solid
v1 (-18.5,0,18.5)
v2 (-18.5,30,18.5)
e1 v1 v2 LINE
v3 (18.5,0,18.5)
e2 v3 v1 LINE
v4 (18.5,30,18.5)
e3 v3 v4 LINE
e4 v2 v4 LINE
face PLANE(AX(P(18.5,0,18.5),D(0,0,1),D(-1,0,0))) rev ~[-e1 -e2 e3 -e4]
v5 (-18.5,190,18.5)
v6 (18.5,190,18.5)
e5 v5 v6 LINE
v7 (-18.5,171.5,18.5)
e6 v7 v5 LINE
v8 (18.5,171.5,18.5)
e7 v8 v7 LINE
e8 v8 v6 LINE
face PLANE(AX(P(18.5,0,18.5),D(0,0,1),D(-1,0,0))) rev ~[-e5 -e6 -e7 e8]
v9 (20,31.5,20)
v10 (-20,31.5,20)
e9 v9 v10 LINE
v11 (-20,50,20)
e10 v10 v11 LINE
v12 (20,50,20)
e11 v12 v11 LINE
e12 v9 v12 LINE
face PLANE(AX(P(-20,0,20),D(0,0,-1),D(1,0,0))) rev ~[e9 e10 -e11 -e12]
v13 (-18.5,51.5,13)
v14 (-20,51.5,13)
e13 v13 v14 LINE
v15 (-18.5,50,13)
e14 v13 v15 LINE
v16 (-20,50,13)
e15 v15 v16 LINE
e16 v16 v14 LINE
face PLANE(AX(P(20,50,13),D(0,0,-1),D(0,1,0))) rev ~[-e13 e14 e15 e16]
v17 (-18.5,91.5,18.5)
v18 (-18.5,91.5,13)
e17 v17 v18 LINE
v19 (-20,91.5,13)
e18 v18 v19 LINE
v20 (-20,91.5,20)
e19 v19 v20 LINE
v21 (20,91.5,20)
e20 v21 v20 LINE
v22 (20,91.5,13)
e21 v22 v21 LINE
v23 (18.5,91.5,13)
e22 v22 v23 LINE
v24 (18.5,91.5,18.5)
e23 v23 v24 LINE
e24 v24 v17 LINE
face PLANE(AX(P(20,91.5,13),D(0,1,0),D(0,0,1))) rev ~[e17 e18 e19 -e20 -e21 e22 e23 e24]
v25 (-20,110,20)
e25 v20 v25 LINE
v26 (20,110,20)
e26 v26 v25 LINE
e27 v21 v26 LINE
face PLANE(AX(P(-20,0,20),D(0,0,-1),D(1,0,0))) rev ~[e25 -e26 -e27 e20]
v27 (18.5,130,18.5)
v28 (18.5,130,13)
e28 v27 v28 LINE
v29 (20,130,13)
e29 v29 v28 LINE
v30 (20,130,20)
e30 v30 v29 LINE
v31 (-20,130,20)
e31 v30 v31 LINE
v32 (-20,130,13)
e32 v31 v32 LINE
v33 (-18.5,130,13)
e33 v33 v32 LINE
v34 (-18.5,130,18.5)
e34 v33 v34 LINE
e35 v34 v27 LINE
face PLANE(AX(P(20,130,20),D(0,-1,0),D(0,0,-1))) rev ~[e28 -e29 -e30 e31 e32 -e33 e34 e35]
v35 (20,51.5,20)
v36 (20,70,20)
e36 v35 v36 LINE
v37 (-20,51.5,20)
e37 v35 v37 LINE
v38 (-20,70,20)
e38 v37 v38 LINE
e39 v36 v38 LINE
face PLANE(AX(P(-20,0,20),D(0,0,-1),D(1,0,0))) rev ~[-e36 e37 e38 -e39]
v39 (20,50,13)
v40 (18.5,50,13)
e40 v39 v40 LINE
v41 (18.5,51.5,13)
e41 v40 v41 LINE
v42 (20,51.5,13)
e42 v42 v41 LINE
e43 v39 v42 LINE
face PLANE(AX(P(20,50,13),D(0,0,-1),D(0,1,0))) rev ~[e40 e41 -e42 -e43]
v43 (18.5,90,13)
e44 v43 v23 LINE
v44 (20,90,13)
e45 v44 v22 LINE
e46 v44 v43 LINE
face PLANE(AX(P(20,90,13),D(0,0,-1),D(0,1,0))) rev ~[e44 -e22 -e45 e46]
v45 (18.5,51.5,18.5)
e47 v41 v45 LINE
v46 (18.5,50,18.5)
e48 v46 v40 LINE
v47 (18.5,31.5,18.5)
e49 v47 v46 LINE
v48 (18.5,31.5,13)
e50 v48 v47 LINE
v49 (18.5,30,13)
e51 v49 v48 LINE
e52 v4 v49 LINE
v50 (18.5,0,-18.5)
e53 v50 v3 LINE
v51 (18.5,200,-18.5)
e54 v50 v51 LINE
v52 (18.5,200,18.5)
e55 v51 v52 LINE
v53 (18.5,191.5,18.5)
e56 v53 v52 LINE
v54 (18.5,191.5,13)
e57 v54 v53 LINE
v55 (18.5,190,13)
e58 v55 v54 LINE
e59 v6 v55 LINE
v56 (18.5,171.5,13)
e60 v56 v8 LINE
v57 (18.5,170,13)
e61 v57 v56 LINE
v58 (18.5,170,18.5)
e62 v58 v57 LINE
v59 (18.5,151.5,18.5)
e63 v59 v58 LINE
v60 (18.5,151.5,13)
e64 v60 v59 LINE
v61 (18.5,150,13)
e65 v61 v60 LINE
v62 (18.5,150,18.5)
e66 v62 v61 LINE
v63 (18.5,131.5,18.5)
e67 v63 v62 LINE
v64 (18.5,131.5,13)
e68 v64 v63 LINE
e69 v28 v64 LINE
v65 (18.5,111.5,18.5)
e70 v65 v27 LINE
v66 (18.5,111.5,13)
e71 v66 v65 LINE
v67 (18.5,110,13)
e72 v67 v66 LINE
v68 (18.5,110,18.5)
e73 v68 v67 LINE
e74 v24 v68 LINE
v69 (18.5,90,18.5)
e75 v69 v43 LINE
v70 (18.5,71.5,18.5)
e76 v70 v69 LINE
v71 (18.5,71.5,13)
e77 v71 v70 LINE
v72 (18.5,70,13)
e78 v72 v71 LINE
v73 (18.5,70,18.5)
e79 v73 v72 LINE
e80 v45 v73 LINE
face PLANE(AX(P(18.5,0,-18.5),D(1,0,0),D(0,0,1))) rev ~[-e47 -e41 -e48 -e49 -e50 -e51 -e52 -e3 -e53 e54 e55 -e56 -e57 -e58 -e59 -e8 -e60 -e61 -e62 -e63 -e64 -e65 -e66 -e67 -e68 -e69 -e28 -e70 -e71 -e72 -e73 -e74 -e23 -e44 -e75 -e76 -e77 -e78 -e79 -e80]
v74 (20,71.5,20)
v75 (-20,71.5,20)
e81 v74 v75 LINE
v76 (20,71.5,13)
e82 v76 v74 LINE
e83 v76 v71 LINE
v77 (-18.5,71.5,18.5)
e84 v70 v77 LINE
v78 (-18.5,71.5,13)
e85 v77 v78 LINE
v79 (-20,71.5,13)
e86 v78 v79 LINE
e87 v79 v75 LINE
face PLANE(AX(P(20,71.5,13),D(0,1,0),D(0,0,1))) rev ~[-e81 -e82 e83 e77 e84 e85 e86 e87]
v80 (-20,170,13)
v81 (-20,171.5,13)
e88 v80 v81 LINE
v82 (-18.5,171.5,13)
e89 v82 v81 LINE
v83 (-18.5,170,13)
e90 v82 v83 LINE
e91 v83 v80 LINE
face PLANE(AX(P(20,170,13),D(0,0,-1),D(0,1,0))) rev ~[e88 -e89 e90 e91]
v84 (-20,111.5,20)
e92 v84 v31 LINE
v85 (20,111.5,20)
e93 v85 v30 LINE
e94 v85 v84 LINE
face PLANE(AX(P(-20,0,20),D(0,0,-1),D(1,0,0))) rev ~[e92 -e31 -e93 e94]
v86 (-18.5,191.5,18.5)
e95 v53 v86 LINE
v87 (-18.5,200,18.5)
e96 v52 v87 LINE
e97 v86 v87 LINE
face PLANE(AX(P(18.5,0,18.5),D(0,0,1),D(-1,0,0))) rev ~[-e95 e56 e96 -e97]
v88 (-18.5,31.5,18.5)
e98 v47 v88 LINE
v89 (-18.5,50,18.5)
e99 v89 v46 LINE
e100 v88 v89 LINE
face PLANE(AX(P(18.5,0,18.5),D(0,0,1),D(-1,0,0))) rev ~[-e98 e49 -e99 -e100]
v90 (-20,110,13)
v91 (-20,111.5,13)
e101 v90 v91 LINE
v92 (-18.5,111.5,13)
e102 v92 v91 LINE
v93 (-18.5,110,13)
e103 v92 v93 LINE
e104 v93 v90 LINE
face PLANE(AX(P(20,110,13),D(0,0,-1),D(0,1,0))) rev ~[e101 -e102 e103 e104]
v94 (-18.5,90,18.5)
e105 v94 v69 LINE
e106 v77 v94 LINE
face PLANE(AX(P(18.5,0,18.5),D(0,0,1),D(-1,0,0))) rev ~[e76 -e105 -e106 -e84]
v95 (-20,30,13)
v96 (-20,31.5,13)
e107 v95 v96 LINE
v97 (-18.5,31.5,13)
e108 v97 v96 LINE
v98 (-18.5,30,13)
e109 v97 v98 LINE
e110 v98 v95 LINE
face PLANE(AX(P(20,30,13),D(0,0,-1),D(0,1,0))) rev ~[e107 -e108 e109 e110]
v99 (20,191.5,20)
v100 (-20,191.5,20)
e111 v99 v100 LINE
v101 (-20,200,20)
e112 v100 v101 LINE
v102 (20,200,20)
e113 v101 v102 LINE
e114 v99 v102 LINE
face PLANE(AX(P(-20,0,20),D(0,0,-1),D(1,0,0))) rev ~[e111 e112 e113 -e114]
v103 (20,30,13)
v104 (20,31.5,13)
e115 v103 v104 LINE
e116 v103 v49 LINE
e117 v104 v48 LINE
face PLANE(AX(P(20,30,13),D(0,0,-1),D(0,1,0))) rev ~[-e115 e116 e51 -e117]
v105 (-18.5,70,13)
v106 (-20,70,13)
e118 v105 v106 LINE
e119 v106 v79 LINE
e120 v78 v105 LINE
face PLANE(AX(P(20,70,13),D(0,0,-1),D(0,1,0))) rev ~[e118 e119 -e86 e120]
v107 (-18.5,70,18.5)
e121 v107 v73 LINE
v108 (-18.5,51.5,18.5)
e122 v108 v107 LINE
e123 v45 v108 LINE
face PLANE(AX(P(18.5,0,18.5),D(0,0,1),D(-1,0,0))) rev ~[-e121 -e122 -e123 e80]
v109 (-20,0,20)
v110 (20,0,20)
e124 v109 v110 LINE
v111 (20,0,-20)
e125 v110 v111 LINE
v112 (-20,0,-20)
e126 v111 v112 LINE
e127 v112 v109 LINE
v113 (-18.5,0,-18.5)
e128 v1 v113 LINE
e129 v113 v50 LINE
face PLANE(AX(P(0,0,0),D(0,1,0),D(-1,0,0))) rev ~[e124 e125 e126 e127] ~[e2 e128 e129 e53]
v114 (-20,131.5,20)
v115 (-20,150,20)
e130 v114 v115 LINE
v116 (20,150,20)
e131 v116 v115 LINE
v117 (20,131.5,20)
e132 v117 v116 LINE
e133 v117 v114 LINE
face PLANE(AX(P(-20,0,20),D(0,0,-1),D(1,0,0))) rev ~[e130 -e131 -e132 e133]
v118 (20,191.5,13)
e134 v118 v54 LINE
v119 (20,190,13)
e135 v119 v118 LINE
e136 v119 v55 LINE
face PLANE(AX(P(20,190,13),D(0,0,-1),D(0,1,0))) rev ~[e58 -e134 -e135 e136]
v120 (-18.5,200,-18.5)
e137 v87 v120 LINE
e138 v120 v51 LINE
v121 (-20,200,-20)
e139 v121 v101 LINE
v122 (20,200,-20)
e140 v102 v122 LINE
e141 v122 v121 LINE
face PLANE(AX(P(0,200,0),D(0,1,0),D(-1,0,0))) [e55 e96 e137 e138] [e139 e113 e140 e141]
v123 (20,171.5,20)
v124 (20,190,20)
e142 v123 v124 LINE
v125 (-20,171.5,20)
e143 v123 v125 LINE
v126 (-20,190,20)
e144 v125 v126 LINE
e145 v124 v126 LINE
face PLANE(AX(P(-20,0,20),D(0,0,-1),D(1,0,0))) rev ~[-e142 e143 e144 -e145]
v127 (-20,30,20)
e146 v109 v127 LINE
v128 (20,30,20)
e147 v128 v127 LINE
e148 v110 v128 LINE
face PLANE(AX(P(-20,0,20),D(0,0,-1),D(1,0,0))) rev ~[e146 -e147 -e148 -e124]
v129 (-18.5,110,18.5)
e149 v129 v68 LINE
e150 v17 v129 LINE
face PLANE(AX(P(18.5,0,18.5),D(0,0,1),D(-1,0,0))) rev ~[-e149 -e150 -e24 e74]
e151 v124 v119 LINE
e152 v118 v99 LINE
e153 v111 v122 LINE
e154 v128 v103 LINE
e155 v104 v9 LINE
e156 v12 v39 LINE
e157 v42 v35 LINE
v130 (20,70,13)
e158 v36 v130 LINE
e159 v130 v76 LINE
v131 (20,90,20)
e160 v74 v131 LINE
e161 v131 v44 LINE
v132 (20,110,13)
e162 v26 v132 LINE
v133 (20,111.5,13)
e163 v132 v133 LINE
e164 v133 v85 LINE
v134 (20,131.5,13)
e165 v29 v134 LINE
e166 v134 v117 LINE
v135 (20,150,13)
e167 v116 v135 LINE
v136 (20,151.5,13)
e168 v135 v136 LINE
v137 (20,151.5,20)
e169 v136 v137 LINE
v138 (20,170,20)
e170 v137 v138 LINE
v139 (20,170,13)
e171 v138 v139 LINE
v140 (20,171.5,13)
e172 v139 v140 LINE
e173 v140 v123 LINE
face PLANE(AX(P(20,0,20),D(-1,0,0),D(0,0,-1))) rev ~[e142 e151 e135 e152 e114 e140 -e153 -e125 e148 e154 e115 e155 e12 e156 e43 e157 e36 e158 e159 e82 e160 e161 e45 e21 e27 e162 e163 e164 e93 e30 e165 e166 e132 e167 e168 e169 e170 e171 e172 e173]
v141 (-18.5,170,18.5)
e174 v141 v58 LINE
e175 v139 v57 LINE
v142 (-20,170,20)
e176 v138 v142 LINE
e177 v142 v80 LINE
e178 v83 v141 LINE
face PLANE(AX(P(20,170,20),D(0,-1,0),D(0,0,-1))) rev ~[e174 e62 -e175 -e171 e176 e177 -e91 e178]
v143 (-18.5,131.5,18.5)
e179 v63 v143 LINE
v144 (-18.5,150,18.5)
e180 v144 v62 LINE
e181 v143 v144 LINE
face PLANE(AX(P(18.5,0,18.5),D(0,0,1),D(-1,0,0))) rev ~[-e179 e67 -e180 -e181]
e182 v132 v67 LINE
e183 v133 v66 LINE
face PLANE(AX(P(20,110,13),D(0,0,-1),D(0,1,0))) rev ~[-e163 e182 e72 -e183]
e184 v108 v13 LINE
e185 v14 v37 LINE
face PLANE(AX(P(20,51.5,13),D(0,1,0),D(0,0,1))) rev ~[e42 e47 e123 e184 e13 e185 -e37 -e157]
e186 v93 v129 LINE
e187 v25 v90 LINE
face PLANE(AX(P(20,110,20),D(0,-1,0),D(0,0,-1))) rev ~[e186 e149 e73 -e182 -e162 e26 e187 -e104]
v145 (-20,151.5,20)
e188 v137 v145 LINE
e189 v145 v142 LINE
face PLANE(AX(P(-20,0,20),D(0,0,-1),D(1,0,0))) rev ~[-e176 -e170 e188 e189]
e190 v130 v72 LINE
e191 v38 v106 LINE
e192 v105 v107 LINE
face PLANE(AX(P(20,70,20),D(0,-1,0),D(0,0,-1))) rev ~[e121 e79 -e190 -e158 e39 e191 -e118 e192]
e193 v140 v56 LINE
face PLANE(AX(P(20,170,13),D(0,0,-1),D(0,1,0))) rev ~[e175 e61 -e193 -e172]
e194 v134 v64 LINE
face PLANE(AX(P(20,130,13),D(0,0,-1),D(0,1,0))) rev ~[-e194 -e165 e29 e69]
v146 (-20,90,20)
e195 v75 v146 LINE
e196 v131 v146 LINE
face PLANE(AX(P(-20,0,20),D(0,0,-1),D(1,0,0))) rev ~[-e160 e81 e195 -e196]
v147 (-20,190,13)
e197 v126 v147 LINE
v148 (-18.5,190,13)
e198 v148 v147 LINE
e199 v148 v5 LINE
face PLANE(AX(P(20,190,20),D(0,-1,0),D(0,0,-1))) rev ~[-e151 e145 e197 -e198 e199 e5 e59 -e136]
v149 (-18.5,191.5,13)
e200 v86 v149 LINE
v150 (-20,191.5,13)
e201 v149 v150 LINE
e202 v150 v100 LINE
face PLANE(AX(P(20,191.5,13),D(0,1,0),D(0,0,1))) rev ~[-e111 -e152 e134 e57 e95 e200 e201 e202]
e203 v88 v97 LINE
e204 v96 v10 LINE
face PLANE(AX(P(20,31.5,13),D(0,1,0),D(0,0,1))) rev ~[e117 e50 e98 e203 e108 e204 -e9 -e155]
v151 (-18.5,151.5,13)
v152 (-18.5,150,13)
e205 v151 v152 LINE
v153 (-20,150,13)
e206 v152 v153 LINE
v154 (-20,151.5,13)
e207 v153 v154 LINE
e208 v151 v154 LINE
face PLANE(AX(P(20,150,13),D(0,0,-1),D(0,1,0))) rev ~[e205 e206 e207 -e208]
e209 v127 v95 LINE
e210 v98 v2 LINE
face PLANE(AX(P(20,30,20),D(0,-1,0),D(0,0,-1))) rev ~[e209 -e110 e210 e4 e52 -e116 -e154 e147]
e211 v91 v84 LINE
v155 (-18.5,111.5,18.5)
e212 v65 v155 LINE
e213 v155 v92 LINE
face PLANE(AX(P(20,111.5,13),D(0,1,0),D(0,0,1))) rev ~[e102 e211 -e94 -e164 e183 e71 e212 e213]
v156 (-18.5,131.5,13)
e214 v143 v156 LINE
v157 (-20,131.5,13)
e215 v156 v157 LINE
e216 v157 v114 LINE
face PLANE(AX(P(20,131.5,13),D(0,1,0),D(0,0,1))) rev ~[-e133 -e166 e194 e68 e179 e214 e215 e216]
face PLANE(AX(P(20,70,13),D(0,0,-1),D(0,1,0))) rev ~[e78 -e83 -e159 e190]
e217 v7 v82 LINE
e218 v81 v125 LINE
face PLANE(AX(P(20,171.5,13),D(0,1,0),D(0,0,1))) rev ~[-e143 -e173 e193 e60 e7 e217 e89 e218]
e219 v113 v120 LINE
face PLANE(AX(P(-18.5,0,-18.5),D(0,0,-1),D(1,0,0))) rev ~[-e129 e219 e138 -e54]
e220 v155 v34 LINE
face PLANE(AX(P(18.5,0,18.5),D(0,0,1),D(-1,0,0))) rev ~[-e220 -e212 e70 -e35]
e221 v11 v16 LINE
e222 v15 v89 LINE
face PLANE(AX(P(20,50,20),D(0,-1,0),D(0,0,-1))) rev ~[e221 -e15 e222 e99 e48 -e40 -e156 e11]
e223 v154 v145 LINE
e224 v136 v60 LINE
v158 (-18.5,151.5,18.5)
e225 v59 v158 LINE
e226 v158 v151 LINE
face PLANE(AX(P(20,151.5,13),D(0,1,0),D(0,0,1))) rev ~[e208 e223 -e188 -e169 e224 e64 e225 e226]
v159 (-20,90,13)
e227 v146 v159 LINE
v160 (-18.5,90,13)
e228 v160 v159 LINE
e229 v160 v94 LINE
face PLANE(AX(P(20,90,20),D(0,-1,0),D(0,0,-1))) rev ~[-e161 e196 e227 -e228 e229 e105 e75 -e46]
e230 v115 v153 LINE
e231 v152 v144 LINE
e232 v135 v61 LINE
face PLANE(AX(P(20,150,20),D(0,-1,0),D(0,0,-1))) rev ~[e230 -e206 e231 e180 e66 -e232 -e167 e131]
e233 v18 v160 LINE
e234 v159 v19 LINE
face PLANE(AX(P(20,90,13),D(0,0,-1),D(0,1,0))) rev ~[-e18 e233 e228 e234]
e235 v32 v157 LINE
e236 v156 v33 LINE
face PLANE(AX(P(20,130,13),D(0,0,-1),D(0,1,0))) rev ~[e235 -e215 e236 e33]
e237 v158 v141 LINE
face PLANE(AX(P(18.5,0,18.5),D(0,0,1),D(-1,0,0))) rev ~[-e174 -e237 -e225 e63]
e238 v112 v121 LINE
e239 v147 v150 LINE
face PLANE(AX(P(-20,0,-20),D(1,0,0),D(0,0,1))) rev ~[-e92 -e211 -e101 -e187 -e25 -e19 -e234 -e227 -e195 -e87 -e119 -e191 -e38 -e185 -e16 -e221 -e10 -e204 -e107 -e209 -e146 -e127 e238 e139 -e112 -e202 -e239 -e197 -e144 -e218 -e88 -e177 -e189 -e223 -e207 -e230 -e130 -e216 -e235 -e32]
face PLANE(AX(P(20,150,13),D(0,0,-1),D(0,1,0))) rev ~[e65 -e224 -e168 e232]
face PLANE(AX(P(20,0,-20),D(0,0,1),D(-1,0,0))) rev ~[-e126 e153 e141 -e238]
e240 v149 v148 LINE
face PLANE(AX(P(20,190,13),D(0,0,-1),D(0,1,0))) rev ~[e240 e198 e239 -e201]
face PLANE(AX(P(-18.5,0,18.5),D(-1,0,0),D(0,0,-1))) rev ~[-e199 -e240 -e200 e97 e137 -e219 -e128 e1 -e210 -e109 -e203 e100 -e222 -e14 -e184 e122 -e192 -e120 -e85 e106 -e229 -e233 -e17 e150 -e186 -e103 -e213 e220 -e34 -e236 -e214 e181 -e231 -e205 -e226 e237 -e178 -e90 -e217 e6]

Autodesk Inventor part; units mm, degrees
ref_plane "YZ Plane" through (0, 0, 0) normal (1, 0, 0) x (0, 1, 0)
ref_plane "XZ Plane" through (0, 0, 0) normal (0, 1, 0) x (-1, 0, 0)
ref_plane "XY Plane" through (0, 0, 0) normal (0, 0, 1) x (1, 0, 0)
sketch "Sketch1" plane through (0, 0, 0) normal (0, 1, 0) x (-1, 0, 0)
  line L0 (20, 20) -> (-20, 20)
  line L1 (-20, 20) -> (-20, -20)
  line L2 (-20, -20) -> (20, -20)
  line L3 (20, -20) -> (20, 20)
  line L4 (20, 20) -> (-20, -20) construction
  line L5 (-20, 20) -> (20, -20) construction
  line L6 (-18.5, 18.5) -> (18.5, 18.5)
  line L7 (18.5, 18.5) -> (18.5, -18.5)
  line L8 (18.5, -18.5) -> (-18.5, -18.5)
  line L9 (-18.5, -18.5) -> (-18.5, 18.5)
  point P0 (0, 0)
  dimension "d7" = 40
  dimension "d8" = 40
  dimension "d9" = 1.5
extrude "Extrusion1" add sketch "Sketch1" along normal blind 200
sketch "Sketch2" plane through (20, 0, 20) normal (1, 0, 0) x (0, 0, -1)
  line L0 (0, 0) -> (0, 200) projected
  line L1 (0, 30) -> (7, 30)
  line L2 (7, 30) -> (7, 31.5)
  line L3 (7, 31.5) -> (0, 31.5)
  line L4 (0, 31.5) -> (0, 30)
  point P0 (20, 0)
  point P1 (0, 31.5)
  dimension "d10" = 7
  dimension "d11" = 1.5
  dimension "d17" = 30
extrude "Extrusion2" cut sketch "Sketch2" against normal through all
pattern_linear "Rectangular Pattern1" count 49 spacing 20 along (0, 1, 0) of "Extrusion2"
sketch "Sketch5" plane through (0, 0, 0) normal (1, 0, 0) x (0, 1, 0)
  line L0 (0, 20) -> (0, -20) projected
  line L1 (0, 20) -> (30, 20) projected
  line L2 (0, -20) -> (0.007, 20)
  line L3 (200, -20) -> (200, 20) projected
  line L4 (0, -20) -> (200, -20) projected
  line L5 (200, 20) -> (199.993, -20)
  point P0 (0, 0)
  dimension "d18" = 0.01
extrude "Extrusion3" [suppressed]
equation "\"d1\" = BEAM_5_lenth"
equation "\"d18\" = BEAM_5_angle"
equation "\"BEAM_5_lenth\" = 200"
equation "\"BEAM_5_angle\" = 0.01deg"
properties part number "MNT-CDF-315 beam 5"
